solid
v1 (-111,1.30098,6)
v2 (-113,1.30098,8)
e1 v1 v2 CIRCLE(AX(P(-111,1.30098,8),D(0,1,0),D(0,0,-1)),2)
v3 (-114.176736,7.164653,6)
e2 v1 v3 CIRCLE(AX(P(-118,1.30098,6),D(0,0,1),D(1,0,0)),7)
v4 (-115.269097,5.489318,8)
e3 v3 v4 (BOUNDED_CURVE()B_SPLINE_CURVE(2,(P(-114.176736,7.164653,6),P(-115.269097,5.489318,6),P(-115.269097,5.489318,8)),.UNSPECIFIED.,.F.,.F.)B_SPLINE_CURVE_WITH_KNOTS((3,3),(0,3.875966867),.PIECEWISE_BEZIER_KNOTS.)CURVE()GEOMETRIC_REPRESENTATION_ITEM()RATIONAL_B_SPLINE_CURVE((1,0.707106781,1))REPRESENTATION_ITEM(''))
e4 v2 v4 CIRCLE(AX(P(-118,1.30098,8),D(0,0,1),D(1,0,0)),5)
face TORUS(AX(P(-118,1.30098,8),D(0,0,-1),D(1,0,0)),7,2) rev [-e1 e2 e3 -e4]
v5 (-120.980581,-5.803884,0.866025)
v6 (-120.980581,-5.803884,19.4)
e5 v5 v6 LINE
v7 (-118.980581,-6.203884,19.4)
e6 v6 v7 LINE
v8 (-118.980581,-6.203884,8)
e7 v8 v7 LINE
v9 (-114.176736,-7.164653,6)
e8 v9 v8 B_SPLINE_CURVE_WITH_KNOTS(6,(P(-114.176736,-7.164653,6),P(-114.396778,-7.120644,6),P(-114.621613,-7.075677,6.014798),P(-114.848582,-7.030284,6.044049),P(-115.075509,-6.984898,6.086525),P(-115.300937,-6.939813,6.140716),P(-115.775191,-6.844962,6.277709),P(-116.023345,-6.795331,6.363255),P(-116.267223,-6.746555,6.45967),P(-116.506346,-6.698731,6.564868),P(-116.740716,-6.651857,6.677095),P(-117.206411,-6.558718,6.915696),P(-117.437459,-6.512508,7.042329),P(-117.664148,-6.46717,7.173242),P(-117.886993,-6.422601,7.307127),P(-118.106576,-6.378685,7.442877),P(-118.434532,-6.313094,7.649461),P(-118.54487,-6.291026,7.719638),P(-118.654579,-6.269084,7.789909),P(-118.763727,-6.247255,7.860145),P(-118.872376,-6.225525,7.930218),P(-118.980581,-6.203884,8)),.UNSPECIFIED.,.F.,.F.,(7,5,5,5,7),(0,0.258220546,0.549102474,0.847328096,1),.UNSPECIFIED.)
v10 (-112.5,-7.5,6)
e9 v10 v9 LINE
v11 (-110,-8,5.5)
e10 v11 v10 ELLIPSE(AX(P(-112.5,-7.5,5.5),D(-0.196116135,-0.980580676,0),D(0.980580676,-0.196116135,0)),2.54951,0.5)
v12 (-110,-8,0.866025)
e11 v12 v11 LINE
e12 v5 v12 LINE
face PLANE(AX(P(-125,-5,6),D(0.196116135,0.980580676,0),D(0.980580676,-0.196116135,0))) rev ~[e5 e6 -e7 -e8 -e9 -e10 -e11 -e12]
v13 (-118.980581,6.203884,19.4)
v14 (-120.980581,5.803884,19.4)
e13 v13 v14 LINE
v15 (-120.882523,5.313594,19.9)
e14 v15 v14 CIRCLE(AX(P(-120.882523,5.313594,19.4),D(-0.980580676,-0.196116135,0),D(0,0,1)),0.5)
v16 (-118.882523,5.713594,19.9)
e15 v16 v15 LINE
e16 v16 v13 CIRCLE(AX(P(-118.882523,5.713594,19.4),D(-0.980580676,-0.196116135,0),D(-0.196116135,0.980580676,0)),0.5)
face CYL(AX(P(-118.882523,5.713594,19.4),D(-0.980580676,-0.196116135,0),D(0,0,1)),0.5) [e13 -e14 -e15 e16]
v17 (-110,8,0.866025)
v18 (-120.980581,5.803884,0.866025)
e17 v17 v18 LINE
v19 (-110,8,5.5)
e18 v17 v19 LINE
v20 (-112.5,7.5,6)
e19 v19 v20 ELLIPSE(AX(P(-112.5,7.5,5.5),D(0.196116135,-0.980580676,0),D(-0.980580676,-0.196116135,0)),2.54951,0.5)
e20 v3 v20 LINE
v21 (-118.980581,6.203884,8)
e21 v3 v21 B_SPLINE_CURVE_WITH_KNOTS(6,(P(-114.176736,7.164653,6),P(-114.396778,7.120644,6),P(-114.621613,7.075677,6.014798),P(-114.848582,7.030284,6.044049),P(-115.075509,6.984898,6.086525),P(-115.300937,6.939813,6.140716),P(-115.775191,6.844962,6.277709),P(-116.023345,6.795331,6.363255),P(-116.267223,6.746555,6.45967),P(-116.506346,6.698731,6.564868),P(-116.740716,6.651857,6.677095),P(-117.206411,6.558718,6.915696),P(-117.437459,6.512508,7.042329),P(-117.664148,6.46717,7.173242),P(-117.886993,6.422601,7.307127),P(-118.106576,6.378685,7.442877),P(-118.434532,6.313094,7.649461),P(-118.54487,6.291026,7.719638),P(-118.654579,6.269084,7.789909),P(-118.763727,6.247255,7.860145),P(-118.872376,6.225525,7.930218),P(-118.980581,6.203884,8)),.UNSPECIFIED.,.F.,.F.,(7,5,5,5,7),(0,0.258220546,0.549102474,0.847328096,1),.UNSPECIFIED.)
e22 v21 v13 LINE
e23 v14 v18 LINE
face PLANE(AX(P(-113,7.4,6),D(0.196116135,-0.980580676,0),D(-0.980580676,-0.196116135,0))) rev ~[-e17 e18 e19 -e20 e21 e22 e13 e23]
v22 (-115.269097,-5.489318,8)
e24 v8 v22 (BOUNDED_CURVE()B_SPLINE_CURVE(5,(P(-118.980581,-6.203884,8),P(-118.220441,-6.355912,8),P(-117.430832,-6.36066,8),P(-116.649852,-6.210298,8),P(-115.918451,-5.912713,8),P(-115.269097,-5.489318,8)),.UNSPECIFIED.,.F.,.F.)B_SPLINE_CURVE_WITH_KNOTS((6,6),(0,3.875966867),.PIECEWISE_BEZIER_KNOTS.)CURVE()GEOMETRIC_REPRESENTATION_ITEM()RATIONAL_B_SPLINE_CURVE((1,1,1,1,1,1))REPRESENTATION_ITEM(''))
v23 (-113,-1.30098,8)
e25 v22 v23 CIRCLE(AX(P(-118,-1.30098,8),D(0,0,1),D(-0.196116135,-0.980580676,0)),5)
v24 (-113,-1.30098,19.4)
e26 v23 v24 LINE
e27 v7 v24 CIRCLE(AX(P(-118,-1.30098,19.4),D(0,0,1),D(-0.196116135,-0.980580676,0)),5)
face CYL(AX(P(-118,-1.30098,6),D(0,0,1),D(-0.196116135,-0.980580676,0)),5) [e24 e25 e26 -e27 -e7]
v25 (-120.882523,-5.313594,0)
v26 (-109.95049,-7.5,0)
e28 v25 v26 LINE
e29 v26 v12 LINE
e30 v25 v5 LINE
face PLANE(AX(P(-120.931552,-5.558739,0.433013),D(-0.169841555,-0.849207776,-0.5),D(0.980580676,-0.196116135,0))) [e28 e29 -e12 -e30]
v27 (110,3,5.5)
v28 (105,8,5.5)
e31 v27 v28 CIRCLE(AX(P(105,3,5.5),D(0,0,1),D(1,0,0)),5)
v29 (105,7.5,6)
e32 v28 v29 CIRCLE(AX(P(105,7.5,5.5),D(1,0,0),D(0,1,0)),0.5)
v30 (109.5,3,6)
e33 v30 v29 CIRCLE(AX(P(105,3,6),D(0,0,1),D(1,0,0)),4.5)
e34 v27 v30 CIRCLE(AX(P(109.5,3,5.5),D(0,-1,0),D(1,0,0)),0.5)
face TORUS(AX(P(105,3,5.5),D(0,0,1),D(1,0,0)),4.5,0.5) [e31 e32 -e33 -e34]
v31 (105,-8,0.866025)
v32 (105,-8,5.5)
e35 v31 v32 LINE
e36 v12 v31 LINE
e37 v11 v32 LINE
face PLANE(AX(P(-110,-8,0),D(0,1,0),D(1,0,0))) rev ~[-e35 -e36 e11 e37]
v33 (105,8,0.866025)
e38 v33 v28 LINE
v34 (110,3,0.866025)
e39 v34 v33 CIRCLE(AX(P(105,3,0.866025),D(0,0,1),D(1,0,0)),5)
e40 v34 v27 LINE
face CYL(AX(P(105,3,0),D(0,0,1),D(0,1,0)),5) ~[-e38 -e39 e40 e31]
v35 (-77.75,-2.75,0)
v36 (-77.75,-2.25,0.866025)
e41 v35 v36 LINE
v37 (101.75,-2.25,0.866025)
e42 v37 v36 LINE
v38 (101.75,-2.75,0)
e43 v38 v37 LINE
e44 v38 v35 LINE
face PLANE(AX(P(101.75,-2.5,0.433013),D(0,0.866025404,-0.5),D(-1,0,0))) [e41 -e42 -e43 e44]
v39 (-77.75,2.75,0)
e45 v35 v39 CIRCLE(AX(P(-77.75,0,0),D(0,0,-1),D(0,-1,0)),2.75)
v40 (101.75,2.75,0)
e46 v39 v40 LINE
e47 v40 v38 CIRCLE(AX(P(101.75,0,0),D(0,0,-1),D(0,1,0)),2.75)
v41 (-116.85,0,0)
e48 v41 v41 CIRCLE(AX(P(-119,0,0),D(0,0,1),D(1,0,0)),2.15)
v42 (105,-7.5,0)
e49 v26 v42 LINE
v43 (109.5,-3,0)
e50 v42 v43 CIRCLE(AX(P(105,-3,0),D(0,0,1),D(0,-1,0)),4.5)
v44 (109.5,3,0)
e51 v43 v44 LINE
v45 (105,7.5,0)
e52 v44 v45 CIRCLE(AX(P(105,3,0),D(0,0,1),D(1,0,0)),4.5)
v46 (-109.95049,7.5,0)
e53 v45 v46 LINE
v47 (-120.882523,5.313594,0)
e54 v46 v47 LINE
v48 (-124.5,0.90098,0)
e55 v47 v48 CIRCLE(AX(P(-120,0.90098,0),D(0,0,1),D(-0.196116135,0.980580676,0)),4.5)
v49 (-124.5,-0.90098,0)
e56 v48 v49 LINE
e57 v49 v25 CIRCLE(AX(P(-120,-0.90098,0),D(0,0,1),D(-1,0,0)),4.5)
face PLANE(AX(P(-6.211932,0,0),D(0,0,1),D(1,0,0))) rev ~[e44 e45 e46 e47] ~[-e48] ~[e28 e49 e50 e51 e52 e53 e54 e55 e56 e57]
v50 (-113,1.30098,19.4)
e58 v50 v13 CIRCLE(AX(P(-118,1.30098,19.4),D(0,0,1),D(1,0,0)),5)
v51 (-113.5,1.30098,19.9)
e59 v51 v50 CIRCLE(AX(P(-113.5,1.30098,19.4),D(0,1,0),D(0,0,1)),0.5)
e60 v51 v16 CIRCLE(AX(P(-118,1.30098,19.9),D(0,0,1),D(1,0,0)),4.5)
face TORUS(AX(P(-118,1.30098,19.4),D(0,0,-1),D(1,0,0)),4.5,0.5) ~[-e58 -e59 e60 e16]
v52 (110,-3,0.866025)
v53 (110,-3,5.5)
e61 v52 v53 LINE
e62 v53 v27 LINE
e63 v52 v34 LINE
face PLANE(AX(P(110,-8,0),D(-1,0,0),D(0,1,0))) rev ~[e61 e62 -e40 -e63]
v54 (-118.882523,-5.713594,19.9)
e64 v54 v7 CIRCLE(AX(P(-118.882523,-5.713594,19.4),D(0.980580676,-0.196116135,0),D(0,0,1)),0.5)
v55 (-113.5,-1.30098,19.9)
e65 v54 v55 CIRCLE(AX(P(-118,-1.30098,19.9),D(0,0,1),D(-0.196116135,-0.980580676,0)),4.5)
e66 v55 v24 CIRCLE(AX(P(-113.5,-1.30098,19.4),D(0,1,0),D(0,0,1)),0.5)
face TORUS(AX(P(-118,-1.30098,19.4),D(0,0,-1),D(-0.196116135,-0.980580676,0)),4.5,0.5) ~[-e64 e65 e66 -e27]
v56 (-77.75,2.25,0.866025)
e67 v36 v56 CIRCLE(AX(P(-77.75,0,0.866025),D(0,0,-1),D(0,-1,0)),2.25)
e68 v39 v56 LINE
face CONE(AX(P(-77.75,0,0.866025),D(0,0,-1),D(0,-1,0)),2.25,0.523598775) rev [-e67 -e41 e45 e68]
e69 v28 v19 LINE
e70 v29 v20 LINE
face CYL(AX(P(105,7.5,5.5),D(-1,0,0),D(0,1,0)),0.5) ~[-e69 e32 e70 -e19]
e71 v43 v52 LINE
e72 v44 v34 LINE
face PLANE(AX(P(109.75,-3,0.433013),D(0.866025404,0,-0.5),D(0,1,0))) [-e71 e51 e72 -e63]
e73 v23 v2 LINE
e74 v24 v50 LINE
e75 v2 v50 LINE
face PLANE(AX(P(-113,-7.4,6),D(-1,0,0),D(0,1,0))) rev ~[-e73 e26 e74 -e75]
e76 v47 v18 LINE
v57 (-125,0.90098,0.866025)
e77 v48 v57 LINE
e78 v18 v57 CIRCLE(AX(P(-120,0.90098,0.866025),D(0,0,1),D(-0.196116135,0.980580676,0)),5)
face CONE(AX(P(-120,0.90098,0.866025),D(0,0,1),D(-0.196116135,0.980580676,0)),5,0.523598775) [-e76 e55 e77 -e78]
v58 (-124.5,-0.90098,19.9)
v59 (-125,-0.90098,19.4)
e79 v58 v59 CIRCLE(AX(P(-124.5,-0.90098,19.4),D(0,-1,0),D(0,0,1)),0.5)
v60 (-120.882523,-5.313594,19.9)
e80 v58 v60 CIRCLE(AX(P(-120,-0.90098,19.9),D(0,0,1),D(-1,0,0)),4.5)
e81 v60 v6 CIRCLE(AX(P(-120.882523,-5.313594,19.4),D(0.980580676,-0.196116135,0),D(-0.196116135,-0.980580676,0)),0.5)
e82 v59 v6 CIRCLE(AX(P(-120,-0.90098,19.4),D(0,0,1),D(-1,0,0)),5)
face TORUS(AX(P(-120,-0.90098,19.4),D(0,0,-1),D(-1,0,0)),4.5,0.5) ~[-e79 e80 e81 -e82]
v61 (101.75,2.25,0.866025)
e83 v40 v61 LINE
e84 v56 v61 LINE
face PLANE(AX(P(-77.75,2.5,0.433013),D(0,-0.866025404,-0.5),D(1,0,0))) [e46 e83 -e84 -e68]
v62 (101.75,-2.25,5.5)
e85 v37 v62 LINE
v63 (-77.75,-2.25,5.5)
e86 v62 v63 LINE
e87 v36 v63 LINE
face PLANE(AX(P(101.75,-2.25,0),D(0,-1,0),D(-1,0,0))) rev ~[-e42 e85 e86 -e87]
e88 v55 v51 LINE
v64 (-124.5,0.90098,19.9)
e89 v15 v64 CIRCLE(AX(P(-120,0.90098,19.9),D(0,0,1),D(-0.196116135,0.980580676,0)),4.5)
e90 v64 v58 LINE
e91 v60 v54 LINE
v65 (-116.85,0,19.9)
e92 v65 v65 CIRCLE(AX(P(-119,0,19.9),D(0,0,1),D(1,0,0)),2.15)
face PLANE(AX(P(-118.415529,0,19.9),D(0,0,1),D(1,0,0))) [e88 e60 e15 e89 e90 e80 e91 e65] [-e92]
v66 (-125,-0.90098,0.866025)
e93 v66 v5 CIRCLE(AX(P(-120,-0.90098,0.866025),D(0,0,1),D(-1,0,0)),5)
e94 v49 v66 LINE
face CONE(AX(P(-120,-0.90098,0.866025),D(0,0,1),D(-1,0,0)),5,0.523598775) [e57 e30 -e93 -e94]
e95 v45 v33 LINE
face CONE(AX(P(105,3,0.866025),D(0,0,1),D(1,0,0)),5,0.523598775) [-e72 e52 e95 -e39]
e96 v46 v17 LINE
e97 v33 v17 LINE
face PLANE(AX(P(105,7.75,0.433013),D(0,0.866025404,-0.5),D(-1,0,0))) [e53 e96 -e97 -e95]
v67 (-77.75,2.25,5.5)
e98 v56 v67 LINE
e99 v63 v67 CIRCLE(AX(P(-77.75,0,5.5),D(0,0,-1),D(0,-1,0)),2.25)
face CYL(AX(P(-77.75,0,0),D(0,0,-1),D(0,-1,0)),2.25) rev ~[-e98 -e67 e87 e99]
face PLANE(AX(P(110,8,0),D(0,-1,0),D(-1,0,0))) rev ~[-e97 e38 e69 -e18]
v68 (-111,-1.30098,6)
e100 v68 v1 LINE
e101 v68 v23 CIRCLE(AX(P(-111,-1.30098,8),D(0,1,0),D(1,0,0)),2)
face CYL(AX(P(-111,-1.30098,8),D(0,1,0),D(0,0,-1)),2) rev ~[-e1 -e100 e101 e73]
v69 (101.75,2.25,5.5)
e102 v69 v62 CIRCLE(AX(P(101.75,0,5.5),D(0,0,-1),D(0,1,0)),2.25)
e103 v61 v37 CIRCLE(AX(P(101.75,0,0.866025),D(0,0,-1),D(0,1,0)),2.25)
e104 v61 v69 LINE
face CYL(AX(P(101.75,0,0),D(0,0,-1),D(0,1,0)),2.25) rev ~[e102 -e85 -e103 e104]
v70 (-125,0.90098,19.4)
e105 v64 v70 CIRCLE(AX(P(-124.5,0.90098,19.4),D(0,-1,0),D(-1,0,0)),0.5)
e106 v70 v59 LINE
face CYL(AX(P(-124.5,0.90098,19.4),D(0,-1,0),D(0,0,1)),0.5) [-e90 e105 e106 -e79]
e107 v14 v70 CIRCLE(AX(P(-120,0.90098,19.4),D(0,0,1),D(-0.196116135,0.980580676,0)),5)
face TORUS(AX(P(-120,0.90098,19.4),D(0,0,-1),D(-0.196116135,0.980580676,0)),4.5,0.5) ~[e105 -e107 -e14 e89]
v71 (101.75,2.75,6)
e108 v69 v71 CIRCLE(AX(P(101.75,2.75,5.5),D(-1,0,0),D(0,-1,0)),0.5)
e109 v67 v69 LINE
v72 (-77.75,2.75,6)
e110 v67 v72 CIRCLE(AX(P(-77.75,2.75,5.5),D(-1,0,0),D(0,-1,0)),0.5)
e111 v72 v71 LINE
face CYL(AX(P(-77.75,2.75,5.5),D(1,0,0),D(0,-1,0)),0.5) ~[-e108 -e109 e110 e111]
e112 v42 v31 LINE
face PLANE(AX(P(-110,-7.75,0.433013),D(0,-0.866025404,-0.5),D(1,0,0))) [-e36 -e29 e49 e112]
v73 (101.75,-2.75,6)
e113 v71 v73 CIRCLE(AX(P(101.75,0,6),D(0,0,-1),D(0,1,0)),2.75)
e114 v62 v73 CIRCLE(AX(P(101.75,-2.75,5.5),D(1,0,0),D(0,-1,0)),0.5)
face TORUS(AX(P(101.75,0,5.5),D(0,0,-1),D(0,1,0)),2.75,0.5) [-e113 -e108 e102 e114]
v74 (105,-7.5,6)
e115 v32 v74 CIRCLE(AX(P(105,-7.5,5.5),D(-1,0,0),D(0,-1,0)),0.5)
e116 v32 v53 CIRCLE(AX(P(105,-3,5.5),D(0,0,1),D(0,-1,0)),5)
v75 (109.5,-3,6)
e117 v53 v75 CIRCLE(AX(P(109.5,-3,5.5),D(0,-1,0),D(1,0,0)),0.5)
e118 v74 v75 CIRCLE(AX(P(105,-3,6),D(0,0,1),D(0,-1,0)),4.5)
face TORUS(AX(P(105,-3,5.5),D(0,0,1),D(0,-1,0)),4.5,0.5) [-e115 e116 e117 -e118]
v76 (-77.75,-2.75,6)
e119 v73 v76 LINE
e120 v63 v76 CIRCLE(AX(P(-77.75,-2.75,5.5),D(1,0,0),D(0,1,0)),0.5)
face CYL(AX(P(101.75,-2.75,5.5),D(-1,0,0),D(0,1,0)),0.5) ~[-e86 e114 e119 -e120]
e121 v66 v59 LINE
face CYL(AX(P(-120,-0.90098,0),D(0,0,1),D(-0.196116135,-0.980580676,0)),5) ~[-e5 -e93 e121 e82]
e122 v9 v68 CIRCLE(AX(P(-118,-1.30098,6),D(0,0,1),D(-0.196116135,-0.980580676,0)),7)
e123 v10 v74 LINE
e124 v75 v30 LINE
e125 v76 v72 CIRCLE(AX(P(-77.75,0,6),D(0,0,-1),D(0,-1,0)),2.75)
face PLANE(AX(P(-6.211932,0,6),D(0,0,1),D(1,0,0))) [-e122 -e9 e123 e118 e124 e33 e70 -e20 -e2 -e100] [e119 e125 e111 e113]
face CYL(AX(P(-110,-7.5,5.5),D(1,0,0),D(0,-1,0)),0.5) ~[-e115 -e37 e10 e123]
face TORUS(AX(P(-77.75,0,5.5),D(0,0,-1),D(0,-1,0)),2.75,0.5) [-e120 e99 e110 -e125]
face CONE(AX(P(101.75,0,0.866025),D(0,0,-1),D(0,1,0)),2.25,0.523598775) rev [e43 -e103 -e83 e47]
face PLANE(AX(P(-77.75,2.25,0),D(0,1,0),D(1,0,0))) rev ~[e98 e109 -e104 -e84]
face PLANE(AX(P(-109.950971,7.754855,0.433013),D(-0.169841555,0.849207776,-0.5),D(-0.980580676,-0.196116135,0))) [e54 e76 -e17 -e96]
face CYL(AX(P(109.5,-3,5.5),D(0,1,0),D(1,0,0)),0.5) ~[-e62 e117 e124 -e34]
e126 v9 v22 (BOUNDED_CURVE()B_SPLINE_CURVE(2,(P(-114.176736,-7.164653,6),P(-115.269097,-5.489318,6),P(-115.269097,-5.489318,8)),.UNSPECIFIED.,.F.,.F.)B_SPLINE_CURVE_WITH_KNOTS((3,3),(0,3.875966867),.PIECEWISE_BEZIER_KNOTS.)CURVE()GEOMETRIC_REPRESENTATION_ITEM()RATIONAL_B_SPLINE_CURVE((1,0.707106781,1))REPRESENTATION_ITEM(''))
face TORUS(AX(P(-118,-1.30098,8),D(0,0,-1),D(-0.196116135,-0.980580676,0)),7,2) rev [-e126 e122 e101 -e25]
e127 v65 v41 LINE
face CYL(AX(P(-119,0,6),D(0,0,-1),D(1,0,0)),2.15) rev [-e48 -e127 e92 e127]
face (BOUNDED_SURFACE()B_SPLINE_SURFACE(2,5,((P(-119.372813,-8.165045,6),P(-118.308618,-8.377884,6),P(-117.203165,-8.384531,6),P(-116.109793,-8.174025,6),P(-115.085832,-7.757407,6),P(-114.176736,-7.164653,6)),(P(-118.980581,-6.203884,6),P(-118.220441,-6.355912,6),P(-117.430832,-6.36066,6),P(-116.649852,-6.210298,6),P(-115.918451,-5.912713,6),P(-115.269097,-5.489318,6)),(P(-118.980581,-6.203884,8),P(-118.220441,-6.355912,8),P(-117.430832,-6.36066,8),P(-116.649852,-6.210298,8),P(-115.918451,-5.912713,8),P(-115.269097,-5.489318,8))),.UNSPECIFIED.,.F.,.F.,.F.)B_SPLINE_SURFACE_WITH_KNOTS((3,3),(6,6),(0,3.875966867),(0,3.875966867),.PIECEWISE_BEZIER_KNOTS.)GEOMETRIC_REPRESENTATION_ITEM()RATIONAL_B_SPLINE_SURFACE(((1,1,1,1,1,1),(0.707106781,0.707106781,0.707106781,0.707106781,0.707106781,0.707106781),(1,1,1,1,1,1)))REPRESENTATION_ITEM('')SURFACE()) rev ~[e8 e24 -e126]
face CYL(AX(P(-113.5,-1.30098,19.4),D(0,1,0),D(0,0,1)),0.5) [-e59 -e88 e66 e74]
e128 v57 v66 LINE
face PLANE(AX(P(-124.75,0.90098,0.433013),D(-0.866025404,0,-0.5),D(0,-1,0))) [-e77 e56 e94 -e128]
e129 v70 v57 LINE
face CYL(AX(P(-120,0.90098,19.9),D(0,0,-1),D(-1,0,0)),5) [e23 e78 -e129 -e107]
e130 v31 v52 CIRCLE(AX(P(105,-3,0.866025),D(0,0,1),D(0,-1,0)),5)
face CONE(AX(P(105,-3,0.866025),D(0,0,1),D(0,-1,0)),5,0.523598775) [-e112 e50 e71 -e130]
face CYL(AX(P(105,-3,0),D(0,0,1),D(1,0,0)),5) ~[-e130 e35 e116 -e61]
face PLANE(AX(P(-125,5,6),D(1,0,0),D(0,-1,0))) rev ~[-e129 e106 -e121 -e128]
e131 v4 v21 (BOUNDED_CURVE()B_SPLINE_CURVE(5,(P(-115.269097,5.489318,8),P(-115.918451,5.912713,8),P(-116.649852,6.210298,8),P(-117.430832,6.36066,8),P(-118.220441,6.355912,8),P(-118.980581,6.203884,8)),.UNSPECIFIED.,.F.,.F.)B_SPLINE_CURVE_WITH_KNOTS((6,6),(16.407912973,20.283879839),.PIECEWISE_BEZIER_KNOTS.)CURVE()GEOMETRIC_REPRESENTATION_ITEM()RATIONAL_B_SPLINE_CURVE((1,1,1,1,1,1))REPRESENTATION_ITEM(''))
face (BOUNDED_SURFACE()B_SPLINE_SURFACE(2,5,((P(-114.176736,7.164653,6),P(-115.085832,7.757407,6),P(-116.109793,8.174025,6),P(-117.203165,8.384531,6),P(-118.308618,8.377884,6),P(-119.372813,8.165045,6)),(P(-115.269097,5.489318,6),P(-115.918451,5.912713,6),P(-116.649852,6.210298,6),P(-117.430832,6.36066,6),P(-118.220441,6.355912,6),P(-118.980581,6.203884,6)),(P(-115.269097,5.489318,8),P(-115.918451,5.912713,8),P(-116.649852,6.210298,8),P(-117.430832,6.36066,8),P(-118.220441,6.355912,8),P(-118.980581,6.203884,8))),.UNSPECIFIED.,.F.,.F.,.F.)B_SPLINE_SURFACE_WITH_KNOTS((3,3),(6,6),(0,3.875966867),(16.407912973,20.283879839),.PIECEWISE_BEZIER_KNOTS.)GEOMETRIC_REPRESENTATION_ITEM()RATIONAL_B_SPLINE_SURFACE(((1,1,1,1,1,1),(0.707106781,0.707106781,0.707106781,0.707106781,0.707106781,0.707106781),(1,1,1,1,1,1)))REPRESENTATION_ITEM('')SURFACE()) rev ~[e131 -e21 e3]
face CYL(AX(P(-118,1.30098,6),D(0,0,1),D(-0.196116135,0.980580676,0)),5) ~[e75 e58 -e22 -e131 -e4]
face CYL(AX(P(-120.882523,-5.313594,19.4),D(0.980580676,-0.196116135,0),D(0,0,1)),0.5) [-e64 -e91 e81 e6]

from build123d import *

# Parameters (mm, degrees)
SKETCH1_R           = 2.15
BOSS_EXTRUDE1_DEPTH = 6
SKETCH3_R           = 2.15
BOSS_EXTRUDE2_DEPTH = 13.9
FILLET1_R           = 5
FILLET2_R           = 5
CHAMFER1_SIZE       = 0.5
CHAMFER1_SIZE2      = 0.866025404
FILLET3_R           = 0.5
FILLET4_R           = 2
FILLET5_R           = 0.5


with BuildPart() as part:
    # Sketch1 → Boss-Extrude1 (new body)
    with BuildSketch(Plane.XY):
        Polygon((-110, -8), (110, -8), (110, 8), (-110, 8), (-125, 5), (-125, -5), align=None)
        with Locations((-119, 0)):
            Circle(SKETCH1_R, mode=Mode.SUBTRACT)
        with BuildLine():
            Line((101.75, -2.25), (-77.75, -2.25))
            ThreePointArc((-77.75, -2.25), (-80, 0), (-77.75, 2.25))
            Line((-77.75, 2.25), (101.75, 2.25))
            ThreePointArc((101.75, 2.25), (104, 0), (101.75, -2.25))
        make_face(mode=Mode.SUBTRACT)
    extrude(amount=BOSS_EXTRUDE1_DEPTH)

    # Sketch3 → Boss-Extrude2 (add)
    with BuildSketch(Plane.XY.offset(6)):
        Polygon((-125, 5), (-125, -5), (-113, -7.4), (-113, 7.4), align=None)
        with Locations((-119, 0)):
            Circle(SKETCH3_R, mode=Mode.SUBTRACT)
    extrude(amount=BOSS_EXTRUDE2_DEPTH)

    # Fillet1
    fillet1_edges = [part.edges().sort_by_distance(p)[0] for p in [
        (110, 8, 3),
        (110, -8, 3),
    ]]
    fillet(fillet1_edges, radius=FILLET1_R)

    # Fillet2
    fillet2_edges = [part.edges().sort_by_distance(p)[0] for p in [
        (-125, -5, 9.95),
        (-125, 5, 9.95),
        (-113, 7.4, 12.95),
        (-113, -7.4, 12.95),
    ]]
    fillet(fillet2_edges, radius=FILLET2_R)

    # Chamfer1
    chamfer1_edges = [part.edges().sort_by_distance(p)[0] for p in [
        (-115.490290338, 6.901941932, 0),
        (-2.5, 8, 0),
        (-2.5, -8, 0),
        (12, -2.25, 0),
        (104, 0, 0),
        (12, 2.25, 0),
        (-80, 0, 0),
        (110, 0, 0),
        (108.535533906, 6.535533906, 0),
        (108.535533906, -6.535533906, 0),
        (-115.490290338, -6.901941932, 0),
        (-125, 0, 0),
        (-123.866710707, 4.070925014, 0),
        (-123.866710707, -4.070925014, 0),
    ]]
    chamfer1_side = [part.faces().sort_by_distance(p)[0] for p in [
        (-115.028350448, -4.592242485, 0),
    ]]
    chamfer(chamfer1_edges, length=CHAMFER1_SIZE, length2=CHAMFER1_SIZE2, reference=chamfer1_side[0])

    # Fillet3
    fillet3_edges = [part.edges().sort_by_distance(p)[0] for p in [
        (12, 2.25, 6),
        (104, 0, 6),
        (12, -2.25, 6),
        (-2.5, -8, 6),
        (-2.5, 8, 6),
        (110, 0, 6),
        (108.535533906, 6.535533906, 6),
        (108.535533906, -6.535533906, 6),
        (-80, 0, 6),
    ]]
    fillet(fillet3_edges, radius=FILLET3_R)

    # Fillet4
    fillet4_edges = [part.edges().sort_by_distance(p)[0] for p in [
        (-113, 0, 6),
        (-114.830055472, -5.167691193, 6),
        (-114.830055472, 5.167691193, 6),
    ]]
    fillet(fillet4_edges, radius=FILLET4_R)

    # Fillet5
    fillet5_edges = [part.edges().sort_by_distance(p)[0] for p in [
        (-113, 0, 19.9),
        (-119.980580676, -6.003883865, 19.9),
        (-119.980580676, 6.003883865, 19.9),
        (-125, 0, 19.9),
        (-123.866710707, 4.070925014, 19.9),
        (-123.866710707, -4.070925014, 19.9),
        (-114.830055472, 5.167691193, 19.9),
        (-114.830055472, -5.167691193, 19.9),
    ]]
    fillet(fillet5_edges, radius=FILLET5_R)


solid = part.part
